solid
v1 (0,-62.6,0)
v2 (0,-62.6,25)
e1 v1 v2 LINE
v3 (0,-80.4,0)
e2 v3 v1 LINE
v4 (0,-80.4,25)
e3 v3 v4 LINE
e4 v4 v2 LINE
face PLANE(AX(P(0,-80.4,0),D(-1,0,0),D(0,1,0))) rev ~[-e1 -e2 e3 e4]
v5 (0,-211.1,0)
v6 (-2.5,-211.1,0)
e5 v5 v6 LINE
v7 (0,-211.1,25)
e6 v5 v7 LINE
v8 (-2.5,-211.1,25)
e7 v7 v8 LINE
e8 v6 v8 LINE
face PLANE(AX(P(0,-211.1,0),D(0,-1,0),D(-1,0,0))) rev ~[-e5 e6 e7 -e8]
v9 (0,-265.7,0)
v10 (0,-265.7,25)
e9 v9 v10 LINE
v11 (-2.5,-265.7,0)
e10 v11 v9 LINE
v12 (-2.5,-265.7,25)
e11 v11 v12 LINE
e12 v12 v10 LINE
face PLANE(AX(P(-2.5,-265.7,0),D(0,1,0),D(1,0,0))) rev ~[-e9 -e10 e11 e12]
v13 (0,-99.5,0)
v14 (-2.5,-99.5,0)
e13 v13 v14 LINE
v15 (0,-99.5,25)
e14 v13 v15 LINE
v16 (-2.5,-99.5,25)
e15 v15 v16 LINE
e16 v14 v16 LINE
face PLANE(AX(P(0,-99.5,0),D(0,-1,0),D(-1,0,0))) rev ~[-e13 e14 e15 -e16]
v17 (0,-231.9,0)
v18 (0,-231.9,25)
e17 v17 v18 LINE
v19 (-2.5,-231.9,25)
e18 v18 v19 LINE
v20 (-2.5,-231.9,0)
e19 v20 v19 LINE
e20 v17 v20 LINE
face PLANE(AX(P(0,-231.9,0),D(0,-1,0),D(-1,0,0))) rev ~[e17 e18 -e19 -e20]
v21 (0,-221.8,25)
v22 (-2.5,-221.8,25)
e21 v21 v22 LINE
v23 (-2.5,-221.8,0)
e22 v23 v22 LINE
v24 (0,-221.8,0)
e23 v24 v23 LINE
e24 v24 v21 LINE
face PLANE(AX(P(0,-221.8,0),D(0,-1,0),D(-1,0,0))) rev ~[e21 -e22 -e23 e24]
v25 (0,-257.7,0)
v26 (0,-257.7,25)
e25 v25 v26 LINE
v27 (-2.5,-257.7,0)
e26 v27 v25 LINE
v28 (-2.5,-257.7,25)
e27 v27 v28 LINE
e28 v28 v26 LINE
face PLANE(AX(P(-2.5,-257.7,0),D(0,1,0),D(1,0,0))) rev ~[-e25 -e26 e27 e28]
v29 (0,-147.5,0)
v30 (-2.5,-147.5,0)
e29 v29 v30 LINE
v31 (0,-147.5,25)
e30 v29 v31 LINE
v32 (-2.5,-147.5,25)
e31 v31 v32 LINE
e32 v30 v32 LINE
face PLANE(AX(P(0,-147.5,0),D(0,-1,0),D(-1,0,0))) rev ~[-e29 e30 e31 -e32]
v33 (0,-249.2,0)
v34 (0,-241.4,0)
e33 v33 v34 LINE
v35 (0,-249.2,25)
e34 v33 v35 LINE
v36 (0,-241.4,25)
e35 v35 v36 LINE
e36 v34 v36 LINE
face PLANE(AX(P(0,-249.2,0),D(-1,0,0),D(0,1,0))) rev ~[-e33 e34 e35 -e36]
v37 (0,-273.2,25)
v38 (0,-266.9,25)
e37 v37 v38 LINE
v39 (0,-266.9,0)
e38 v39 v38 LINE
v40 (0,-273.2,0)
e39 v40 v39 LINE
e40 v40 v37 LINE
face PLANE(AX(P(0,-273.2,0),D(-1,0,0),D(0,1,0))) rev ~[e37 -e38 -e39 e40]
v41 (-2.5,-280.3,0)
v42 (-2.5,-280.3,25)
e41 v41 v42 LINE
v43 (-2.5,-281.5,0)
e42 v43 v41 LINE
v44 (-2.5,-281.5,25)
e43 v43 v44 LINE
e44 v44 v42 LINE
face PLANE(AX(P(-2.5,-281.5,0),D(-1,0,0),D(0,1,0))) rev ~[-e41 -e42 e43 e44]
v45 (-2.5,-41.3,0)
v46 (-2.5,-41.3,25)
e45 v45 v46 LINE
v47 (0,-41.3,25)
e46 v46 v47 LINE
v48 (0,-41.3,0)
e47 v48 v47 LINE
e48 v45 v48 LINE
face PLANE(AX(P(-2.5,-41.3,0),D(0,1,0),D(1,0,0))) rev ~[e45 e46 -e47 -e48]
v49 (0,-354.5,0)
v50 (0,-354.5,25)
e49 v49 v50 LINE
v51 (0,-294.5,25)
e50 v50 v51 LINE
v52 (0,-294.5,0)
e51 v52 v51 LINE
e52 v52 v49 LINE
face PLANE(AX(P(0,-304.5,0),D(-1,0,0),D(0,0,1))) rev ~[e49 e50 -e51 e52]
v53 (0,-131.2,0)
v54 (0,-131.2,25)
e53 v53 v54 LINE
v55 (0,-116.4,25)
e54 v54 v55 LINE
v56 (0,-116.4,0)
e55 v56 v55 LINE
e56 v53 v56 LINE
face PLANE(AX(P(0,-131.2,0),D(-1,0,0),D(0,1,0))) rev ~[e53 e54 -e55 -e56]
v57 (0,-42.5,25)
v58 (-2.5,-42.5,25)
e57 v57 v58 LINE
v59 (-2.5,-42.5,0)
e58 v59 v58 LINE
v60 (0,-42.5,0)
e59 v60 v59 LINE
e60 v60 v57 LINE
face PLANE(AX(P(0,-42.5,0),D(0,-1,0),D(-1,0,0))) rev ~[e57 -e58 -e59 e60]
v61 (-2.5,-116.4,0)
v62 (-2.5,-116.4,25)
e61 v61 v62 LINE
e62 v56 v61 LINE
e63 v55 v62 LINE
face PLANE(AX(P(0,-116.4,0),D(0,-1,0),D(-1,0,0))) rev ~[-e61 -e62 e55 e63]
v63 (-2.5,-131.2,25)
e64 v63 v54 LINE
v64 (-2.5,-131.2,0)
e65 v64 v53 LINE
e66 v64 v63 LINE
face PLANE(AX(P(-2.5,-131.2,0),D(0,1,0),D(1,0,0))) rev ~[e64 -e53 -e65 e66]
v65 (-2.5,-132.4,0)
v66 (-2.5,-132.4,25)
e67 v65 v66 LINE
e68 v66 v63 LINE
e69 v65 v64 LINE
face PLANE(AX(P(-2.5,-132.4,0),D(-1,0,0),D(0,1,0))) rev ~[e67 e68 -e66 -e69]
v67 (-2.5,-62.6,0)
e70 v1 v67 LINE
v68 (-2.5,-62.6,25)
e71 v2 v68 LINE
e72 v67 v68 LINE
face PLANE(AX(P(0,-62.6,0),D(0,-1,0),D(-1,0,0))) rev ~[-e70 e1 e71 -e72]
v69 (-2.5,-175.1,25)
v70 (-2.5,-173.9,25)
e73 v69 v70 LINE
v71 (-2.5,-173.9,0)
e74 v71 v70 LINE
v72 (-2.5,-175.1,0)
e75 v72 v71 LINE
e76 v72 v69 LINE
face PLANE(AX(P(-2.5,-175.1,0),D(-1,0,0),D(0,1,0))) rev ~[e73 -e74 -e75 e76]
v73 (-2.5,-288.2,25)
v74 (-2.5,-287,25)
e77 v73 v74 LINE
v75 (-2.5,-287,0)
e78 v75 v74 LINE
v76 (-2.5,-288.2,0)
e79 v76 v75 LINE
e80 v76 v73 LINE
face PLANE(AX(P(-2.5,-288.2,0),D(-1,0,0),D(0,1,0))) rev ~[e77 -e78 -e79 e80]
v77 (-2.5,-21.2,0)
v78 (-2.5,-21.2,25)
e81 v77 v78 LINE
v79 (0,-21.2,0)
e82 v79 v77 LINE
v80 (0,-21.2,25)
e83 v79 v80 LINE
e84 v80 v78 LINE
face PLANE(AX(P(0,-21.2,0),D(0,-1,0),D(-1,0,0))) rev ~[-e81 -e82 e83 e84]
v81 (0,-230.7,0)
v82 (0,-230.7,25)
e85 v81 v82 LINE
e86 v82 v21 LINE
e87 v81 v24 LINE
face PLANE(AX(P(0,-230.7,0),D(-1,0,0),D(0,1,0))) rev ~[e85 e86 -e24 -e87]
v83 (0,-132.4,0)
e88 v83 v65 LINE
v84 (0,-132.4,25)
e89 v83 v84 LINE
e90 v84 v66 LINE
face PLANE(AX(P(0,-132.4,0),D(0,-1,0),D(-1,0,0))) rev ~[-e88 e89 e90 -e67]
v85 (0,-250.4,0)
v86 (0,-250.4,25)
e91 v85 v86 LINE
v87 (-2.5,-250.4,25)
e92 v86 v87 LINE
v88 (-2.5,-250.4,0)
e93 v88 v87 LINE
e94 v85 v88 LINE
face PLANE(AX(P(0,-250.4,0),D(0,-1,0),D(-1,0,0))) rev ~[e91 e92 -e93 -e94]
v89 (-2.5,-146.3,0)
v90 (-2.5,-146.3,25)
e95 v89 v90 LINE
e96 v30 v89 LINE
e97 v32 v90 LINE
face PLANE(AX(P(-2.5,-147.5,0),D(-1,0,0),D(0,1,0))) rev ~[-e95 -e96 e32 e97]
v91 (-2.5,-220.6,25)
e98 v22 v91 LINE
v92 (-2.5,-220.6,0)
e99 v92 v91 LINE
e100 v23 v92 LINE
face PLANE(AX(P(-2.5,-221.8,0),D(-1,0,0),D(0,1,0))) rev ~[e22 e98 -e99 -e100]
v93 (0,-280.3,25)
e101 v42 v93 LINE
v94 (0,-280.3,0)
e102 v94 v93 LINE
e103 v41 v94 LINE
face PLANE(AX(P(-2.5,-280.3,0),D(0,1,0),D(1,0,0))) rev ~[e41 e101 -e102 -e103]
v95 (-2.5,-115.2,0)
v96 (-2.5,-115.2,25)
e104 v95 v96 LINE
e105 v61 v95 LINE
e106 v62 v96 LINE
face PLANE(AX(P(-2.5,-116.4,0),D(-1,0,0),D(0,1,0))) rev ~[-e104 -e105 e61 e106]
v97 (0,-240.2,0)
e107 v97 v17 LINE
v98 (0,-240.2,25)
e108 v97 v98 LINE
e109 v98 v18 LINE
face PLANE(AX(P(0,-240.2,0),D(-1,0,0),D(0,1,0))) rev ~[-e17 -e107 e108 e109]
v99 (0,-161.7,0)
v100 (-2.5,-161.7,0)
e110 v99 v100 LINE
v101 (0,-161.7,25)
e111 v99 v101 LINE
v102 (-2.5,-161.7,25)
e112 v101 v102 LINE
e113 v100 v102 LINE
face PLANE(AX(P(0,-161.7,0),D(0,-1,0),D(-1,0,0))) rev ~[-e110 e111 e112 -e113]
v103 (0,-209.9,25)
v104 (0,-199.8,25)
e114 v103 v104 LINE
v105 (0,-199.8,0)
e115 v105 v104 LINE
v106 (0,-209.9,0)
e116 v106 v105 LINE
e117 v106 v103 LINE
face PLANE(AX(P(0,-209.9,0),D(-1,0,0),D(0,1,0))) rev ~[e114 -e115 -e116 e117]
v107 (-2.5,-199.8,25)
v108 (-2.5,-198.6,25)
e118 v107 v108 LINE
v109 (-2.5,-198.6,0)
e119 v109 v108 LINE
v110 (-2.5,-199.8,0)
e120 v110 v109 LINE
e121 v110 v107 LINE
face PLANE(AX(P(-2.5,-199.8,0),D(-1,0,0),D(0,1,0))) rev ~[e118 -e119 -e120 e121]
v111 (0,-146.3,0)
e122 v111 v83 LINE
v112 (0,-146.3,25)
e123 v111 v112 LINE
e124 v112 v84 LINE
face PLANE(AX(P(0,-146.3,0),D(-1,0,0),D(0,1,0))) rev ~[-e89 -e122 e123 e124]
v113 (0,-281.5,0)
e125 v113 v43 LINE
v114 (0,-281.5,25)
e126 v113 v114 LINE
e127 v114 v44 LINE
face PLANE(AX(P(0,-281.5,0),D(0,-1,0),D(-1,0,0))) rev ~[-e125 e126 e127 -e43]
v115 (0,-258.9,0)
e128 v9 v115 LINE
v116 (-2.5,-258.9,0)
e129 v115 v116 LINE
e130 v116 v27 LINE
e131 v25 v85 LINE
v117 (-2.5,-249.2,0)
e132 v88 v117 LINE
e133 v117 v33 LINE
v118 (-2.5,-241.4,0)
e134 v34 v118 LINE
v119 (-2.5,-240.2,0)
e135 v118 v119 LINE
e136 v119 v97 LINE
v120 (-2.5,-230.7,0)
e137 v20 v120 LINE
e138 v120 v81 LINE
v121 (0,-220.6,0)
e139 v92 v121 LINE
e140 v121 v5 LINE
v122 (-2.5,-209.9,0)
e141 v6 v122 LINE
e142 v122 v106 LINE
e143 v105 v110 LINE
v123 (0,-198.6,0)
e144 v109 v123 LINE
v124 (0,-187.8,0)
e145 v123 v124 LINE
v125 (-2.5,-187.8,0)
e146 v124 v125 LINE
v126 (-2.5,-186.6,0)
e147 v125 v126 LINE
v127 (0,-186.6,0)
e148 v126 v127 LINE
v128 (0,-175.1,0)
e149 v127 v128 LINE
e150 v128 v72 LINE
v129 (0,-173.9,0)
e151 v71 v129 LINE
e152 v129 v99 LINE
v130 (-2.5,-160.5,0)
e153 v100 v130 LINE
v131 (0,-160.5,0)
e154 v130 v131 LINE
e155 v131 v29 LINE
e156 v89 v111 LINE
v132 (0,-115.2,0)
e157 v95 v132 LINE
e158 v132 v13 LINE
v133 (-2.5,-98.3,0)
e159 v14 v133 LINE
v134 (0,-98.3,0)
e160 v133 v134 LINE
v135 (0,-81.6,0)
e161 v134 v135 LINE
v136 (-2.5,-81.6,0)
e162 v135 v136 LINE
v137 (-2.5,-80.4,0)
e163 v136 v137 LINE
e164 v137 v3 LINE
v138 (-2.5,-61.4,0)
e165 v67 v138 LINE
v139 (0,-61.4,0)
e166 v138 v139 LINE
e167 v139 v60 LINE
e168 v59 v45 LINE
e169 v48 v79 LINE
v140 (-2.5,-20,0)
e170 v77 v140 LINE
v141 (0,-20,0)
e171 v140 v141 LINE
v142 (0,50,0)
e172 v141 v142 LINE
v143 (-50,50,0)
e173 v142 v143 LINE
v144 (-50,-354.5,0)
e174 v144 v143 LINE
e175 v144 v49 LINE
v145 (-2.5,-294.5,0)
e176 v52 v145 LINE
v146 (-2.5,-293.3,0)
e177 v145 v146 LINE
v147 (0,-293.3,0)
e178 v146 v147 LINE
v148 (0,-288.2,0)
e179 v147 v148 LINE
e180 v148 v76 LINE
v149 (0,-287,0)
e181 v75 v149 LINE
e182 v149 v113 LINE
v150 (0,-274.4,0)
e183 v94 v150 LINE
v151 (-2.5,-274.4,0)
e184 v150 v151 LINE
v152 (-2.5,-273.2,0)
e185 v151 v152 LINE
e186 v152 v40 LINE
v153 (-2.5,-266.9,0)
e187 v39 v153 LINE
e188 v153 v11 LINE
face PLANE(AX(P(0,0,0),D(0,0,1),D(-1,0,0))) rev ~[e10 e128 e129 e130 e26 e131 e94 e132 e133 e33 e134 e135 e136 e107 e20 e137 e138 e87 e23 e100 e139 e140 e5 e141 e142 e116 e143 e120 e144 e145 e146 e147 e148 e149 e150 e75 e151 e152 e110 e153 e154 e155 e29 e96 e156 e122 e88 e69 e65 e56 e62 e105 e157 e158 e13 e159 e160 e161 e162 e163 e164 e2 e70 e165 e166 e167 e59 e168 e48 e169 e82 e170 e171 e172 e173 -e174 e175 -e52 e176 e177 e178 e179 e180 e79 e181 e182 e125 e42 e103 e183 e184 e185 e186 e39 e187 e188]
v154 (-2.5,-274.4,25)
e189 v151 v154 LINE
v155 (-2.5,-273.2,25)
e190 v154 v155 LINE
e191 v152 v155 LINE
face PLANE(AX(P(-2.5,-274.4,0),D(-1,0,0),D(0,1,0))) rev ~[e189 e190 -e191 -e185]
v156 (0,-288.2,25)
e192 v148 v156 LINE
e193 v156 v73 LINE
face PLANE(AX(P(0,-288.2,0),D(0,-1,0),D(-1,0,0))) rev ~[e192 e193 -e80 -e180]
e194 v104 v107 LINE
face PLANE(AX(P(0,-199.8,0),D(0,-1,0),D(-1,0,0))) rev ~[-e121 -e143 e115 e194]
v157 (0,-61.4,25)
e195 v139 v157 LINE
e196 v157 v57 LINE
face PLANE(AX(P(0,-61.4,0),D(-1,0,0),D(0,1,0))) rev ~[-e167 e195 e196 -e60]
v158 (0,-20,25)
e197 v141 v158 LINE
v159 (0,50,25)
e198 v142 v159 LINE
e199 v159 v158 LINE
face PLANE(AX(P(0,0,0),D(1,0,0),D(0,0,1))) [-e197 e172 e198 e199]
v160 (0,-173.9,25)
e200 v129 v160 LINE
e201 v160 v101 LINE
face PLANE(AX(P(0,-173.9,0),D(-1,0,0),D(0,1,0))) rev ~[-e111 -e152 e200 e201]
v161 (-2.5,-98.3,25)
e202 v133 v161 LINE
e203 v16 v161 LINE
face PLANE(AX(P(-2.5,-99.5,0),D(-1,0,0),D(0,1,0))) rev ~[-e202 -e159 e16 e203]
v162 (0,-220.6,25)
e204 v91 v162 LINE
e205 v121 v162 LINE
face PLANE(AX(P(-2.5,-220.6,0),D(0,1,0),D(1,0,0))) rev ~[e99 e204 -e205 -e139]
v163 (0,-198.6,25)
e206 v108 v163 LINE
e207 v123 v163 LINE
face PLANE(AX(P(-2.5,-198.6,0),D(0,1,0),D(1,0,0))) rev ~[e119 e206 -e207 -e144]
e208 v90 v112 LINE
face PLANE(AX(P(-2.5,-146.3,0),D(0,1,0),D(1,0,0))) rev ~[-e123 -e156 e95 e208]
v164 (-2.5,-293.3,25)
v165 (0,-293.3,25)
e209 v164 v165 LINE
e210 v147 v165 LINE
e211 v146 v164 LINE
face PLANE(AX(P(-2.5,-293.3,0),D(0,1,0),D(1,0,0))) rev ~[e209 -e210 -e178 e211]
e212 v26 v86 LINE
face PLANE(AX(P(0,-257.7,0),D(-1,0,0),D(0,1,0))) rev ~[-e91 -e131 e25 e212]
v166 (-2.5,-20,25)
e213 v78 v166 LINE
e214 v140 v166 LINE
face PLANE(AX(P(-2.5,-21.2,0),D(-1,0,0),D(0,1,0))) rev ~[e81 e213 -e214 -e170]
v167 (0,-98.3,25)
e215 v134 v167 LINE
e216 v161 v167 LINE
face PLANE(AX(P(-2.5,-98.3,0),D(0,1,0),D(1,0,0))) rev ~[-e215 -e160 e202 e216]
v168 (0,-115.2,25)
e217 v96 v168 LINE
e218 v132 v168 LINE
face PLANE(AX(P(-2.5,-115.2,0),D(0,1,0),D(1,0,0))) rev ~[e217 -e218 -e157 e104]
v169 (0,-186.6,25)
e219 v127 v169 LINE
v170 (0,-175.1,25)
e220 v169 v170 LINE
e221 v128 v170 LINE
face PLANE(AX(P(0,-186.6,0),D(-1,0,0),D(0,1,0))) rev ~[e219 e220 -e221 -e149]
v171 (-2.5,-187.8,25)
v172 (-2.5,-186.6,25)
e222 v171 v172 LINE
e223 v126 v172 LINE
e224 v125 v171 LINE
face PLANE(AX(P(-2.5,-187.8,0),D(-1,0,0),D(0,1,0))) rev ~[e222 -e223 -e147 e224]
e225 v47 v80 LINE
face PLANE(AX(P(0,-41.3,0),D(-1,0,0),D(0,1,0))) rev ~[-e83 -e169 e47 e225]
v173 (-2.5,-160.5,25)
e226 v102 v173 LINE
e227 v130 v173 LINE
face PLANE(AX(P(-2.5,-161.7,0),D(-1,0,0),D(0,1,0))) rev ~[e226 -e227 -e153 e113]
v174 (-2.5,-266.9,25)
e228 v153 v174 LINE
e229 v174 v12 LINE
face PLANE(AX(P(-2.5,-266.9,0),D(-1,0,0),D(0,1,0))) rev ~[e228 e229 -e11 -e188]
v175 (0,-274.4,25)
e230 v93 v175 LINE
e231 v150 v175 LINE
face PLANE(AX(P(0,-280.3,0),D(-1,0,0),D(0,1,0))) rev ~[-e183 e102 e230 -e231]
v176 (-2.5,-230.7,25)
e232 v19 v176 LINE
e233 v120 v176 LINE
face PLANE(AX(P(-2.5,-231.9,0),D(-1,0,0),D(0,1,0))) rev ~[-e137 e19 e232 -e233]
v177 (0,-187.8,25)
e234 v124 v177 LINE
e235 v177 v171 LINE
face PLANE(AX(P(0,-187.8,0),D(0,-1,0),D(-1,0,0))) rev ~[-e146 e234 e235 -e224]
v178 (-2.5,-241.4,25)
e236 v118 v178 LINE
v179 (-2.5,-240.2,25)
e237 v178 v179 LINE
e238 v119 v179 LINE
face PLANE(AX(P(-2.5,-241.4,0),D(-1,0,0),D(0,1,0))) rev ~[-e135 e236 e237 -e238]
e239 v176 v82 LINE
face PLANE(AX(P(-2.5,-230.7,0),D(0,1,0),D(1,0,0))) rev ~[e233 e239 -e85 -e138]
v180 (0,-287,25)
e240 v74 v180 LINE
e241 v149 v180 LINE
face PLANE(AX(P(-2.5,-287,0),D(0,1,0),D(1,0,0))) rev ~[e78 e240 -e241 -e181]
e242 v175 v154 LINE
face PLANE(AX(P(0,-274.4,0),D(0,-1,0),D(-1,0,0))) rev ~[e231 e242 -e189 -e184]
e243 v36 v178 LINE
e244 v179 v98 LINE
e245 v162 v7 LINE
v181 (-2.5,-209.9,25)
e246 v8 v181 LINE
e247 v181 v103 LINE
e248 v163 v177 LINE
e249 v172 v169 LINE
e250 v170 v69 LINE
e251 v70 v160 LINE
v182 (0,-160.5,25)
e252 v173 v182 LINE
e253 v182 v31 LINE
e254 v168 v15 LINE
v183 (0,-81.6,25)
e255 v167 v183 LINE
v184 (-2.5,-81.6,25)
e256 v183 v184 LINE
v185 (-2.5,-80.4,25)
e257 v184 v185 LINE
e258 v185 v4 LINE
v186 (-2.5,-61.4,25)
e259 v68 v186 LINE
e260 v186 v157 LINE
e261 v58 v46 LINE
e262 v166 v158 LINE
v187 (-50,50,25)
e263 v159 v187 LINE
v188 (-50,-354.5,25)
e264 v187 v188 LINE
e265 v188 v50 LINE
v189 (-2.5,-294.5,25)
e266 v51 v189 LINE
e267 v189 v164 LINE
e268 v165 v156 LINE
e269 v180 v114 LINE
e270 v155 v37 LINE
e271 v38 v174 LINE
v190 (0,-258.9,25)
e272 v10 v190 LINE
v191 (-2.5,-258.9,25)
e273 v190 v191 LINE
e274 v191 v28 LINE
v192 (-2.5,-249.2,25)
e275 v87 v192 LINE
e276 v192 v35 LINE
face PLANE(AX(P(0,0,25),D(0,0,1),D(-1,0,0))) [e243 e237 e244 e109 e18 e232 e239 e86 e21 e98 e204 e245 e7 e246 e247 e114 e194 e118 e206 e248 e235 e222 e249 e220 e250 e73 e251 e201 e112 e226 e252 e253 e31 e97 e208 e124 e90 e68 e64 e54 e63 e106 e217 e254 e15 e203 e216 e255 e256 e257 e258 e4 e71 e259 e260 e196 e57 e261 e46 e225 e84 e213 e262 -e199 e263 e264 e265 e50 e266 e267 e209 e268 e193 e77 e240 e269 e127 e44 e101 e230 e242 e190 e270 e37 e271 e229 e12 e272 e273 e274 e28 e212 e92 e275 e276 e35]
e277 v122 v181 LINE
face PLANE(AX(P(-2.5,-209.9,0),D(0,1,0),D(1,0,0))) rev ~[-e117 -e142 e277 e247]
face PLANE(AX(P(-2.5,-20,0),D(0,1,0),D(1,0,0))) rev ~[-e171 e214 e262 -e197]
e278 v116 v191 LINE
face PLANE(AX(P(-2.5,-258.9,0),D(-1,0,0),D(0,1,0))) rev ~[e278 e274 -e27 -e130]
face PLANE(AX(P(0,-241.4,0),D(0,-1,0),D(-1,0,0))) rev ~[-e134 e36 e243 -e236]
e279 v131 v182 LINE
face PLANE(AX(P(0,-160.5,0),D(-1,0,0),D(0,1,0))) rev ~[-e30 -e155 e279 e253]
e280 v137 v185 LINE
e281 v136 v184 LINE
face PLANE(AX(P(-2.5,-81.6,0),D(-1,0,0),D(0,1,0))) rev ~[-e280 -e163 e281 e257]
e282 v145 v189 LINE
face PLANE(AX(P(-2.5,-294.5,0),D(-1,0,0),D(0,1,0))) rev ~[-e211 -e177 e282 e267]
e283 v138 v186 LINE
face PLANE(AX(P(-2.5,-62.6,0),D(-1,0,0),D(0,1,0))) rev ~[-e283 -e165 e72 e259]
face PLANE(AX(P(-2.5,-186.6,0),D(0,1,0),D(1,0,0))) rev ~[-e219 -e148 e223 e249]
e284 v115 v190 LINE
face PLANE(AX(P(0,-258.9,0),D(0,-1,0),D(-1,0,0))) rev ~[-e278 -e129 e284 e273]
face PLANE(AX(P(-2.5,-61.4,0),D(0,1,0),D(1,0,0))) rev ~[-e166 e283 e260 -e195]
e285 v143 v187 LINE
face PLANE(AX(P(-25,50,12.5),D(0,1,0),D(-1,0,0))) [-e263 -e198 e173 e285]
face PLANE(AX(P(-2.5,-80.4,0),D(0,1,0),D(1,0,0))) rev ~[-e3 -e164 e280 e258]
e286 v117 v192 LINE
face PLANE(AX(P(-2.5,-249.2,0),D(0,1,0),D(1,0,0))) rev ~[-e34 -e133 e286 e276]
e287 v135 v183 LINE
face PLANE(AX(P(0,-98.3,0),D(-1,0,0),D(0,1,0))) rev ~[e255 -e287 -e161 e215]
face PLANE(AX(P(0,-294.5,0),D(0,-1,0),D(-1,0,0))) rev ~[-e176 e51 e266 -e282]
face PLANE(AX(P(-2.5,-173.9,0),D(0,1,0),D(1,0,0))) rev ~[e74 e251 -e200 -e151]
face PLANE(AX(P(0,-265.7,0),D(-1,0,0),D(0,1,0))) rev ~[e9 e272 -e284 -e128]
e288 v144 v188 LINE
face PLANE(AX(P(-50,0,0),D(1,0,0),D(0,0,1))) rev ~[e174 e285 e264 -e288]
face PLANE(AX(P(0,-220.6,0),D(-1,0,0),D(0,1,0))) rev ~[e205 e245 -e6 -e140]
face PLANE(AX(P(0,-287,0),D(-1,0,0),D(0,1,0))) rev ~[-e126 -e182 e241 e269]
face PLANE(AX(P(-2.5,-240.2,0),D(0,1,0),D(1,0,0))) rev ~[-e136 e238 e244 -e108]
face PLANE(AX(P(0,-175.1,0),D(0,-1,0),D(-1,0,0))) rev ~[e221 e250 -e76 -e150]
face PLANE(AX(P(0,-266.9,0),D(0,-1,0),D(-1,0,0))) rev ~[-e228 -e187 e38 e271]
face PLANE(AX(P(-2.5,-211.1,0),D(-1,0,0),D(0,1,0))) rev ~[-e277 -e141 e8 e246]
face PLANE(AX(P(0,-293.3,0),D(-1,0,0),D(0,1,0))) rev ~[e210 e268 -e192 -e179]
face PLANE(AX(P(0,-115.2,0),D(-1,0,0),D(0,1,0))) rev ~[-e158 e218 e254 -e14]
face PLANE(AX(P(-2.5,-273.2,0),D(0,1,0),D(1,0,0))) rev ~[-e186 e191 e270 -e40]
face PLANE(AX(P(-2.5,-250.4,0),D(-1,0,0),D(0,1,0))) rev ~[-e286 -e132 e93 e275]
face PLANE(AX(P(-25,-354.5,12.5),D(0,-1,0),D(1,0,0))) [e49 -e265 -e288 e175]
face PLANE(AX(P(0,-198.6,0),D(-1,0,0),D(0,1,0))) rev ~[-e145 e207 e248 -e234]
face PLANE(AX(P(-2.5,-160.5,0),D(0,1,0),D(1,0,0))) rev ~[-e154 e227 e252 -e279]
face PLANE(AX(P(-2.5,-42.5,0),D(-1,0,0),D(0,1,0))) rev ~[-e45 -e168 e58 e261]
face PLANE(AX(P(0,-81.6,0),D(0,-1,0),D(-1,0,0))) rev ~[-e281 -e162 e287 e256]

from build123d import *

# Parameters (mm, degrees)
F1_DEPTH = 25
F2_W     = 50
F2_H     = 25
F3_DEPTH = 50
F4_W     = 50
F4_H     = 25
F5_DEPTH = 50


with BuildPart() as f1:
    # F0 (on Top) → F1 (new body)
    with BuildSketch(Plane.XY):
        Polygon((0, -20), (0, 0), (-50, 0), (-50, -304.5), (0, -304.5), (0, -294.5), (-2.5, -294.5), (-2.5, -293.3), (0, -293.3), (0, -288.2), (-2.5, -288.2), (-2.5, -287), (0, -287), (0, -281.5), (-2.5, -281.5), (-2.5, -280.3), (0, -280.3), (0, -274.4), (-2.5, -274.4), (-2.5, -273.2), (0, -273.2), (0, -266.9), (-2.5, -266.9), (-2.5, -265.7), (0, -265.7), (0, -258.9), (-2.5, -258.9), (-2.5, -257.7), (0, -257.7), (0, -250.4), (-2.5, -250.4), (-2.5, -249.2), (0, -249.2), (0, -241.4), (-2.5, -241.4), (-2.5, -240.2), (0, -240.2), (0, -231.9), (-2.5, -231.9), (-2.5, -230.7), (0, -230.7), (0, -221.8), (-2.5, -221.8), (-2.5, -220.6), (0, -220.6), (0, -211.1), (-2.5, -211.1), (-2.5, -209.9), (0, -209.9), (0, -199.8), (-2.5, -199.8), (-2.5, -198.6), (0, -198.6), (0, -187.8), (-2.5, -187.8), (-2.5, -186.6), (0, -186.6), (0, -175.1), (-2.5, -175.1), (-2.5, -173.9), (0, -173.9), (0, -161.7), (-2.5, -161.7), (-2.5, -160.5), (0, -160.5), (0, -147.5), (-2.5, -147.5), (-2.5, -146.3), (0, -146.3), (0, -132.4), (-2.5, -132.4), (-2.5, -131.2), (0, -131.2), (0, -116.4), (-2.5, -116.4), (-2.5, -115.2), (0, -115.2), (0, -99.5), (-2.5, -99.5), (-2.5, -98.3), (0, -98.3), (0, -81.6), (-2.5, -81.6), (-2.5, -80.4), (0, -80.4), (0, -62.6), (-2.5, -62.6), (-2.5, -61.4), (0, -61.4), (0, -42.5), (-2.5, -42.5), (-2.5, -41.3), (0, -41.3), (0, -21.2), (-2.5, -21.2), (-2.5, -20), align=None)
    extrude(amount=F1_DEPTH)

    # F2 (on face) → F3 (join)
    with BuildSketch(Plane.XZ.offset(304.5)):
        with Locations((-25, 12.5)):
            Rectangle(F2_W, F2_H)
    extrude(amount=F3_DEPTH)

    # F4 (on face) → F5 (join)
    with BuildSketch(Plane(origin=(0, 0, 0), x_dir=(-1, 0, 0), z_dir=(0, 1, 0))):
        with Locations((25, 12.5)):
            Rectangle(F4_W, F4_H)
    extrude(amount=F5_DEPTH)


solid = f1.part
